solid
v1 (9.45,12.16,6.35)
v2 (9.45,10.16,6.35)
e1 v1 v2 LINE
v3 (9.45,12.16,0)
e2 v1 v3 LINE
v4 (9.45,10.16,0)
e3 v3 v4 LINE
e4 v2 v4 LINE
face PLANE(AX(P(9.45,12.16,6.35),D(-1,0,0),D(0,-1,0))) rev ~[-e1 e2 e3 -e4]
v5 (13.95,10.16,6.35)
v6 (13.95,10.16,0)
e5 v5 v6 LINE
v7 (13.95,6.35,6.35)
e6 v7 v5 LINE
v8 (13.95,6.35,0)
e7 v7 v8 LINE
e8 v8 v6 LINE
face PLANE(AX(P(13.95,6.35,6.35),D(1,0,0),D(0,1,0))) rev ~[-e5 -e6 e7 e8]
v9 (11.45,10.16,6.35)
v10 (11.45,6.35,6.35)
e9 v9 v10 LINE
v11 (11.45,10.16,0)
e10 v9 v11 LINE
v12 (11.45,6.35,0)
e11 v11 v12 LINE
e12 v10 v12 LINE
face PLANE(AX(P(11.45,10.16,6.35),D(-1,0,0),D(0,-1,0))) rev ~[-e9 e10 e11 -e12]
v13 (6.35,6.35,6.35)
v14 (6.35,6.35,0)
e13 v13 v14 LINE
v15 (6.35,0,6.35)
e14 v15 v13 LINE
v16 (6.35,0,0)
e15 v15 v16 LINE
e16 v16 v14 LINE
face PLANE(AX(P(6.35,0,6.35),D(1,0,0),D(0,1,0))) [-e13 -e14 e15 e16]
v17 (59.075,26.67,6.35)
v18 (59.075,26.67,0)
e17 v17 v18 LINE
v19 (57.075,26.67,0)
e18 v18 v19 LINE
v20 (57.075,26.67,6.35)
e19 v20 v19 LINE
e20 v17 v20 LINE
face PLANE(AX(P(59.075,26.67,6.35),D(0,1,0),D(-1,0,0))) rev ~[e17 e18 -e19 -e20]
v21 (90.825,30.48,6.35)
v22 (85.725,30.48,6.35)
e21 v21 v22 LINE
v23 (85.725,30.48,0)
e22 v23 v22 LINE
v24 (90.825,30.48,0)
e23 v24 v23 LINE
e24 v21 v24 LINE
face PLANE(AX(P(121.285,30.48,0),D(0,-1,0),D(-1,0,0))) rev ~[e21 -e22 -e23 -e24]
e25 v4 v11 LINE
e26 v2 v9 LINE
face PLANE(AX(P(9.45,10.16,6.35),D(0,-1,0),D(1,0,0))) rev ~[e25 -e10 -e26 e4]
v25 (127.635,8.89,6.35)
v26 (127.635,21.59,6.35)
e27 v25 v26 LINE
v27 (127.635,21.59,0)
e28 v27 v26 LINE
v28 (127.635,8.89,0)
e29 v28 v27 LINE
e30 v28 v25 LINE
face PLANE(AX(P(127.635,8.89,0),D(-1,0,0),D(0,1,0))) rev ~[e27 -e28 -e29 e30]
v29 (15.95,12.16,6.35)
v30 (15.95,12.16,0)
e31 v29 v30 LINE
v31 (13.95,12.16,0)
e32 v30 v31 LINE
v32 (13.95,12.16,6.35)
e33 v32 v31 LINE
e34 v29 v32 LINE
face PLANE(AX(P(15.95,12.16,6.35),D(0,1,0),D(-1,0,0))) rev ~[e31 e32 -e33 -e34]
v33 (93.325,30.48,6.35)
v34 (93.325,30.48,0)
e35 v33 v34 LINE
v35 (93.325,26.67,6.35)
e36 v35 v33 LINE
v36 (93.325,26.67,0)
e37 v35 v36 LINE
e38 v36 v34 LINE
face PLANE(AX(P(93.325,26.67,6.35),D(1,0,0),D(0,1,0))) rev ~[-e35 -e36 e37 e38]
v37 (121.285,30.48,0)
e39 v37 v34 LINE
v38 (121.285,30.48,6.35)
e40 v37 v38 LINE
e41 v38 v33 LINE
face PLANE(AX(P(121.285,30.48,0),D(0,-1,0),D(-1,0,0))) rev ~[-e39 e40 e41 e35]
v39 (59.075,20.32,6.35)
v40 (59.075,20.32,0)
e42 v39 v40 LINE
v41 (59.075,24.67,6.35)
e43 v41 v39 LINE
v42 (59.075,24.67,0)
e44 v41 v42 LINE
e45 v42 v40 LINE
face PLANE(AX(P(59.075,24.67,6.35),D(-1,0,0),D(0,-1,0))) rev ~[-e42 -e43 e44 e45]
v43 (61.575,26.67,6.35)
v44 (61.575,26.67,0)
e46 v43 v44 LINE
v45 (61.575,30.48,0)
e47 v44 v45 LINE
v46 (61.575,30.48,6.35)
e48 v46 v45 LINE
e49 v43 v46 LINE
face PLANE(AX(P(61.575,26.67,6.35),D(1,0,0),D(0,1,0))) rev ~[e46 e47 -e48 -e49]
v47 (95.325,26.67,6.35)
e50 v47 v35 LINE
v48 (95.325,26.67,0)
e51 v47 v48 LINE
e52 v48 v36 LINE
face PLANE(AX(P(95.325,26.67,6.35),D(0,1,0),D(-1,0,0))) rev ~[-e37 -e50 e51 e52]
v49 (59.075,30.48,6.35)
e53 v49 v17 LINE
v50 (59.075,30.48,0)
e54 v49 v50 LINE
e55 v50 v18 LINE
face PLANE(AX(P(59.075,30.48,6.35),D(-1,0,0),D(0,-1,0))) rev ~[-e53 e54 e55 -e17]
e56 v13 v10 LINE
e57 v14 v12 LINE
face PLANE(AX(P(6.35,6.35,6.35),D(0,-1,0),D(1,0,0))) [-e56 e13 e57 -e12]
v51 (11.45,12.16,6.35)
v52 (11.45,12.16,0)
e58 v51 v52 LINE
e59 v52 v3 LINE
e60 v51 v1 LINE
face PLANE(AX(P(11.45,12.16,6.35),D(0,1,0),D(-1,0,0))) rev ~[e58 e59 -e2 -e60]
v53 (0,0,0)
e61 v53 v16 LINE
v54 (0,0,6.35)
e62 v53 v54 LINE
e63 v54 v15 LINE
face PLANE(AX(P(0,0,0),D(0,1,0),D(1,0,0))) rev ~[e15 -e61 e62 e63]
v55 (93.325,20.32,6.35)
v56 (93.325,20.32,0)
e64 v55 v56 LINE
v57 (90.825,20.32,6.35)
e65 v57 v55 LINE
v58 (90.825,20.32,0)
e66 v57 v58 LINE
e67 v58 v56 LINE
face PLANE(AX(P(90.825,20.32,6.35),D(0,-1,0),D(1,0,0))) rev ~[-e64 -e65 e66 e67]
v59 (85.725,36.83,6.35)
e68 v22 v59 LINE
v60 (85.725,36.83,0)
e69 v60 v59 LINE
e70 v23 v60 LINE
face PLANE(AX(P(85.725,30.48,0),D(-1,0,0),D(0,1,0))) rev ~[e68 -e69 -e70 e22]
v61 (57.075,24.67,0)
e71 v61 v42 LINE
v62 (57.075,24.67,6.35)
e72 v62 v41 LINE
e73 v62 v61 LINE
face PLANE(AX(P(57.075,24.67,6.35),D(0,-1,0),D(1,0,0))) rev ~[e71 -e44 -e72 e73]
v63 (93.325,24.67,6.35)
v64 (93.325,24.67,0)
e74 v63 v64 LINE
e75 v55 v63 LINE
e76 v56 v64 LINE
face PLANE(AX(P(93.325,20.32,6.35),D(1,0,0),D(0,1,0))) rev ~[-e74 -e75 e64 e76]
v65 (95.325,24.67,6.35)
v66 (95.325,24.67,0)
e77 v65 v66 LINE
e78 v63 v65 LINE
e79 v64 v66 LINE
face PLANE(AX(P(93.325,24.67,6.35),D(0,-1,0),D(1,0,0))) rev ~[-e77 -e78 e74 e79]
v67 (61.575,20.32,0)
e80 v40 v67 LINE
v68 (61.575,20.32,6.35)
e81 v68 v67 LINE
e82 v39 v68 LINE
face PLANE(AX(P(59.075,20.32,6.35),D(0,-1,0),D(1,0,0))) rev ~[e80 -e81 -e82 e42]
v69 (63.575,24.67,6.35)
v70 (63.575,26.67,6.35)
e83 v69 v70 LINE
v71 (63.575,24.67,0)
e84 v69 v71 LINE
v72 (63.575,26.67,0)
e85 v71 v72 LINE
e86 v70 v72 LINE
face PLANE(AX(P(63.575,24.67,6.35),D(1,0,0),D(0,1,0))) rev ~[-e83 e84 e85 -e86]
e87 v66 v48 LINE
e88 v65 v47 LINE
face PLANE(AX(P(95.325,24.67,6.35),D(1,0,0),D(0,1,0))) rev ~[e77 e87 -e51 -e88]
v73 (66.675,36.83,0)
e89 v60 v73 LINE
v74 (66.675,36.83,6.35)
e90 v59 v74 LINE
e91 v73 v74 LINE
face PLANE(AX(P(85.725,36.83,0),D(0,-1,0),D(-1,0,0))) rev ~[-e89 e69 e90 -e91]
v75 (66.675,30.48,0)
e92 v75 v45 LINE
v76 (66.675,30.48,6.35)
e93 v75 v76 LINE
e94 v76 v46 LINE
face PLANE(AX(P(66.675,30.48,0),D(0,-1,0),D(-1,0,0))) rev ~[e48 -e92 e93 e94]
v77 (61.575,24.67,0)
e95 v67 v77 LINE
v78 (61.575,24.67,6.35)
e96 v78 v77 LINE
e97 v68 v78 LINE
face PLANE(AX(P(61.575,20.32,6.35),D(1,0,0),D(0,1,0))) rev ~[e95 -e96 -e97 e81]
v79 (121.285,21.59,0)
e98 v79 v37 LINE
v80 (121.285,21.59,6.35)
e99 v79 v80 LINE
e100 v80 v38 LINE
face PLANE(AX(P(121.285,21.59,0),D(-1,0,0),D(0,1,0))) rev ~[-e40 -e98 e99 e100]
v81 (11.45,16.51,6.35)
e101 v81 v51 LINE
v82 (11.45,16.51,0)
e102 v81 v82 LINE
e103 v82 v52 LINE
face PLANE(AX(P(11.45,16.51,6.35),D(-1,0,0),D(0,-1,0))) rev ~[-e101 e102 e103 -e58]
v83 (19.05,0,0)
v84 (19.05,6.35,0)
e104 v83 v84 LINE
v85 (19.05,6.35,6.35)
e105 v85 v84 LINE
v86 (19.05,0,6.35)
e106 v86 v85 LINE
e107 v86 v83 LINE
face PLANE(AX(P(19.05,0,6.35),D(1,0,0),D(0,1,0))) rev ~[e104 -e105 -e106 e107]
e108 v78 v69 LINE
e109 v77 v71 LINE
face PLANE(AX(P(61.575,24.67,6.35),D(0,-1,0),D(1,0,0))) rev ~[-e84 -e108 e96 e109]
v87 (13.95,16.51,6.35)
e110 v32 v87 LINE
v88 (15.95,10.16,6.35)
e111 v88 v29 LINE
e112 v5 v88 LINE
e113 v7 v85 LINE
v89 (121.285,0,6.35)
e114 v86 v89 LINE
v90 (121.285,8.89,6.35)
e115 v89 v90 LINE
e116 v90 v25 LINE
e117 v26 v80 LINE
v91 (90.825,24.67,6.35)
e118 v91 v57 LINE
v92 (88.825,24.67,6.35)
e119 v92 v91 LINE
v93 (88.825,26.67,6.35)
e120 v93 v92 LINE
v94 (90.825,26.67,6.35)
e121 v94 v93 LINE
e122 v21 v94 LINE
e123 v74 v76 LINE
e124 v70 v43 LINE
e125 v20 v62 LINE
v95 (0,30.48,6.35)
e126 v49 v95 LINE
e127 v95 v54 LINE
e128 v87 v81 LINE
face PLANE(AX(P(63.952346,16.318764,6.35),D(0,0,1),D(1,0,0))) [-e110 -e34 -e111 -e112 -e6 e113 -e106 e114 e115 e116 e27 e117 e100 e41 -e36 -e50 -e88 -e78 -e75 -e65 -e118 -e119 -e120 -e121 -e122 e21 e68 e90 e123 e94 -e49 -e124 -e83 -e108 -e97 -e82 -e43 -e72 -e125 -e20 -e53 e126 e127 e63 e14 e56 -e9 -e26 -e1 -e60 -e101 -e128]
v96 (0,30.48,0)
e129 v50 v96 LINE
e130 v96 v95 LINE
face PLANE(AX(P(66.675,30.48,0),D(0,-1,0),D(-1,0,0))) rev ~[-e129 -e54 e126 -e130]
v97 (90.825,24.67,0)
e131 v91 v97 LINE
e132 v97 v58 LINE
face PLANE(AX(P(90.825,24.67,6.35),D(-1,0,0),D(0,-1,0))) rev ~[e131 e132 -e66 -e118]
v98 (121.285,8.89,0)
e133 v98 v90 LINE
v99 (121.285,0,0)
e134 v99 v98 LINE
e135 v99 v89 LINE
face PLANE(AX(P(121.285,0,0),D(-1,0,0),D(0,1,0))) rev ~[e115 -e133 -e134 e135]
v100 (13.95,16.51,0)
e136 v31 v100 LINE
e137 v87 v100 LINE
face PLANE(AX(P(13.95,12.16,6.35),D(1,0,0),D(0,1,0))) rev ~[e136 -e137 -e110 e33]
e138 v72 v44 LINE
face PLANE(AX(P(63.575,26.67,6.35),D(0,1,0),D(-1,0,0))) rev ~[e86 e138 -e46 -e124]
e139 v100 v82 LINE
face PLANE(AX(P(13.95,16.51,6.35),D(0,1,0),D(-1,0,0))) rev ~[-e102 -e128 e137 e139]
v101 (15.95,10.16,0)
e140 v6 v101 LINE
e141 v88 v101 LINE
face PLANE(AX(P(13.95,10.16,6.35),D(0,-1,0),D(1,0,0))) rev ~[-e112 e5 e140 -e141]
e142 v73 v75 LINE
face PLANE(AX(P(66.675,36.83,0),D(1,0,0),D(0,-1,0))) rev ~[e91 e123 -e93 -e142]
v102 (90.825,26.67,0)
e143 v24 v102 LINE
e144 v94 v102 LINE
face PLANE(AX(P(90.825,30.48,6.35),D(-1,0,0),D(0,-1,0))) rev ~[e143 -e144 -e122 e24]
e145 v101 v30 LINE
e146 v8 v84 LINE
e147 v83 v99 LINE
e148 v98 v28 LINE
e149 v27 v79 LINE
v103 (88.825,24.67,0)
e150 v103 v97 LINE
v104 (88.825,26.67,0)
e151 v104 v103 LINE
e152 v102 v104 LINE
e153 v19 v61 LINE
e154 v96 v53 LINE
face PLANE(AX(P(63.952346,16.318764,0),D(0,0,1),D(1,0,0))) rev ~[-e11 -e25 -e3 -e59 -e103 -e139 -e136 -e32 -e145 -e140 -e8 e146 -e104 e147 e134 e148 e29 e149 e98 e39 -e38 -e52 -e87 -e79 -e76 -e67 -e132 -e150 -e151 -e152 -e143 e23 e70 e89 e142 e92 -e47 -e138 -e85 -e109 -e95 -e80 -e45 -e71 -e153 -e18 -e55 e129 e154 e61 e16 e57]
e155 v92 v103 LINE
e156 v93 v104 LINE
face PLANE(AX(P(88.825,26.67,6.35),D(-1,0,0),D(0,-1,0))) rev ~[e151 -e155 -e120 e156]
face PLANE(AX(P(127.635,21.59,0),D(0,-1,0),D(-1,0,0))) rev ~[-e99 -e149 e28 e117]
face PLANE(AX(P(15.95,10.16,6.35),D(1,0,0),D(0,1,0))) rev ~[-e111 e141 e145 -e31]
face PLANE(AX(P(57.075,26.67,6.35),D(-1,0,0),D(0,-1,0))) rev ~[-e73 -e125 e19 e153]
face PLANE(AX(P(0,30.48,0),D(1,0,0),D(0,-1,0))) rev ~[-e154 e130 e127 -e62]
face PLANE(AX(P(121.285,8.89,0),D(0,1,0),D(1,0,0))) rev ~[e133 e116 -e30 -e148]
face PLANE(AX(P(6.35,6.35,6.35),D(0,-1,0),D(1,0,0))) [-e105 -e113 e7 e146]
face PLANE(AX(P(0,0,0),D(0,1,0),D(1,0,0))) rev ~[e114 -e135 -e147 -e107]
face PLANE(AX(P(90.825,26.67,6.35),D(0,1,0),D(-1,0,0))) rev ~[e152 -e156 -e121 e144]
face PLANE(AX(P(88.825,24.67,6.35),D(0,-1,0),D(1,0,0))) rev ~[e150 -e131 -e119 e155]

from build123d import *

# Parameters (mm, degrees)
BOSS_EXTRUDE1_DEPTH = 6.35
SKETCH2_W           = 12.7
SKETCH2_H           = 6.35
CUT_EXTRUDE1_DEPTH  = 7.35
CUT_EXTRUDE5_DEPTH  = 7.35


with BuildPart() as part:
    # Sketch1 → Boss-Extrude1 (new body)
    with BuildSketch(Plane.XY):
        Polygon((66.675, 30.48), (0, 30.48), (0, 0), (121.285, 0), (121.285, 8.89), (127.635, 8.89), (127.635, 21.59), (121.285, 21.59), (121.285, 30.48), (85.725, 30.48), (85.725, 36.83), (66.675, 36.83), align=None)
    extrude(amount=BOSS_EXTRUDE1_DEPTH)

    # Sketch2 → Cut-Extrude1 (cut, through all)
    with BuildSketch(Plane.XY.offset(6.35)):
        with Locations((12.7, 3.175)):
            Rectangle(SKETCH2_W, SKETCH2_H)
    extrude(amount=-CUT_EXTRUDE1_DEPTH, mode=Mode.SUBTRACT)

    # Sketch5 → Cut-Extrude5 (cut, through all)
    with BuildSketch(Plane.XY.offset(6.35)):
        Polygon((61.575, 30.48), (59.075, 30.48), (59.075, 26.67), (57.075, 26.67), (57.075, 24.67), (59.075, 24.67), (59.075, 20.32), (61.575, 20.32), (61.575, 24.67), (63.575, 24.67), (63.575, 26.67), (61.575, 26.67), align=None)
        Polygon((90.825, 26.67), (88.825, 26.67), (88.825, 24.67), (90.825, 24.67), (90.825, 20.32), (93.325, 20.32), (93.325, 24.67), (95.325, 24.67), (95.325, 26.67), (93.325, 26.67), (93.325, 30.48), (90.825, 30.48), align=None)
        Polygon((11.45, 10.16), (11.45, 6.35), (13.95, 6.35), (13.95, 10.16), (15.95, 10.16), (15.95, 12.16), (13.95, 12.16), (13.95, 16.51), (11.45, 16.51), (11.45, 12.16), (9.45, 12.16), (9.45, 10.16), align=None)
    extrude(amount=-CUT_EXTRUDE5_DEPTH, mode=Mode.SUBTRACT)


solid = part.part
